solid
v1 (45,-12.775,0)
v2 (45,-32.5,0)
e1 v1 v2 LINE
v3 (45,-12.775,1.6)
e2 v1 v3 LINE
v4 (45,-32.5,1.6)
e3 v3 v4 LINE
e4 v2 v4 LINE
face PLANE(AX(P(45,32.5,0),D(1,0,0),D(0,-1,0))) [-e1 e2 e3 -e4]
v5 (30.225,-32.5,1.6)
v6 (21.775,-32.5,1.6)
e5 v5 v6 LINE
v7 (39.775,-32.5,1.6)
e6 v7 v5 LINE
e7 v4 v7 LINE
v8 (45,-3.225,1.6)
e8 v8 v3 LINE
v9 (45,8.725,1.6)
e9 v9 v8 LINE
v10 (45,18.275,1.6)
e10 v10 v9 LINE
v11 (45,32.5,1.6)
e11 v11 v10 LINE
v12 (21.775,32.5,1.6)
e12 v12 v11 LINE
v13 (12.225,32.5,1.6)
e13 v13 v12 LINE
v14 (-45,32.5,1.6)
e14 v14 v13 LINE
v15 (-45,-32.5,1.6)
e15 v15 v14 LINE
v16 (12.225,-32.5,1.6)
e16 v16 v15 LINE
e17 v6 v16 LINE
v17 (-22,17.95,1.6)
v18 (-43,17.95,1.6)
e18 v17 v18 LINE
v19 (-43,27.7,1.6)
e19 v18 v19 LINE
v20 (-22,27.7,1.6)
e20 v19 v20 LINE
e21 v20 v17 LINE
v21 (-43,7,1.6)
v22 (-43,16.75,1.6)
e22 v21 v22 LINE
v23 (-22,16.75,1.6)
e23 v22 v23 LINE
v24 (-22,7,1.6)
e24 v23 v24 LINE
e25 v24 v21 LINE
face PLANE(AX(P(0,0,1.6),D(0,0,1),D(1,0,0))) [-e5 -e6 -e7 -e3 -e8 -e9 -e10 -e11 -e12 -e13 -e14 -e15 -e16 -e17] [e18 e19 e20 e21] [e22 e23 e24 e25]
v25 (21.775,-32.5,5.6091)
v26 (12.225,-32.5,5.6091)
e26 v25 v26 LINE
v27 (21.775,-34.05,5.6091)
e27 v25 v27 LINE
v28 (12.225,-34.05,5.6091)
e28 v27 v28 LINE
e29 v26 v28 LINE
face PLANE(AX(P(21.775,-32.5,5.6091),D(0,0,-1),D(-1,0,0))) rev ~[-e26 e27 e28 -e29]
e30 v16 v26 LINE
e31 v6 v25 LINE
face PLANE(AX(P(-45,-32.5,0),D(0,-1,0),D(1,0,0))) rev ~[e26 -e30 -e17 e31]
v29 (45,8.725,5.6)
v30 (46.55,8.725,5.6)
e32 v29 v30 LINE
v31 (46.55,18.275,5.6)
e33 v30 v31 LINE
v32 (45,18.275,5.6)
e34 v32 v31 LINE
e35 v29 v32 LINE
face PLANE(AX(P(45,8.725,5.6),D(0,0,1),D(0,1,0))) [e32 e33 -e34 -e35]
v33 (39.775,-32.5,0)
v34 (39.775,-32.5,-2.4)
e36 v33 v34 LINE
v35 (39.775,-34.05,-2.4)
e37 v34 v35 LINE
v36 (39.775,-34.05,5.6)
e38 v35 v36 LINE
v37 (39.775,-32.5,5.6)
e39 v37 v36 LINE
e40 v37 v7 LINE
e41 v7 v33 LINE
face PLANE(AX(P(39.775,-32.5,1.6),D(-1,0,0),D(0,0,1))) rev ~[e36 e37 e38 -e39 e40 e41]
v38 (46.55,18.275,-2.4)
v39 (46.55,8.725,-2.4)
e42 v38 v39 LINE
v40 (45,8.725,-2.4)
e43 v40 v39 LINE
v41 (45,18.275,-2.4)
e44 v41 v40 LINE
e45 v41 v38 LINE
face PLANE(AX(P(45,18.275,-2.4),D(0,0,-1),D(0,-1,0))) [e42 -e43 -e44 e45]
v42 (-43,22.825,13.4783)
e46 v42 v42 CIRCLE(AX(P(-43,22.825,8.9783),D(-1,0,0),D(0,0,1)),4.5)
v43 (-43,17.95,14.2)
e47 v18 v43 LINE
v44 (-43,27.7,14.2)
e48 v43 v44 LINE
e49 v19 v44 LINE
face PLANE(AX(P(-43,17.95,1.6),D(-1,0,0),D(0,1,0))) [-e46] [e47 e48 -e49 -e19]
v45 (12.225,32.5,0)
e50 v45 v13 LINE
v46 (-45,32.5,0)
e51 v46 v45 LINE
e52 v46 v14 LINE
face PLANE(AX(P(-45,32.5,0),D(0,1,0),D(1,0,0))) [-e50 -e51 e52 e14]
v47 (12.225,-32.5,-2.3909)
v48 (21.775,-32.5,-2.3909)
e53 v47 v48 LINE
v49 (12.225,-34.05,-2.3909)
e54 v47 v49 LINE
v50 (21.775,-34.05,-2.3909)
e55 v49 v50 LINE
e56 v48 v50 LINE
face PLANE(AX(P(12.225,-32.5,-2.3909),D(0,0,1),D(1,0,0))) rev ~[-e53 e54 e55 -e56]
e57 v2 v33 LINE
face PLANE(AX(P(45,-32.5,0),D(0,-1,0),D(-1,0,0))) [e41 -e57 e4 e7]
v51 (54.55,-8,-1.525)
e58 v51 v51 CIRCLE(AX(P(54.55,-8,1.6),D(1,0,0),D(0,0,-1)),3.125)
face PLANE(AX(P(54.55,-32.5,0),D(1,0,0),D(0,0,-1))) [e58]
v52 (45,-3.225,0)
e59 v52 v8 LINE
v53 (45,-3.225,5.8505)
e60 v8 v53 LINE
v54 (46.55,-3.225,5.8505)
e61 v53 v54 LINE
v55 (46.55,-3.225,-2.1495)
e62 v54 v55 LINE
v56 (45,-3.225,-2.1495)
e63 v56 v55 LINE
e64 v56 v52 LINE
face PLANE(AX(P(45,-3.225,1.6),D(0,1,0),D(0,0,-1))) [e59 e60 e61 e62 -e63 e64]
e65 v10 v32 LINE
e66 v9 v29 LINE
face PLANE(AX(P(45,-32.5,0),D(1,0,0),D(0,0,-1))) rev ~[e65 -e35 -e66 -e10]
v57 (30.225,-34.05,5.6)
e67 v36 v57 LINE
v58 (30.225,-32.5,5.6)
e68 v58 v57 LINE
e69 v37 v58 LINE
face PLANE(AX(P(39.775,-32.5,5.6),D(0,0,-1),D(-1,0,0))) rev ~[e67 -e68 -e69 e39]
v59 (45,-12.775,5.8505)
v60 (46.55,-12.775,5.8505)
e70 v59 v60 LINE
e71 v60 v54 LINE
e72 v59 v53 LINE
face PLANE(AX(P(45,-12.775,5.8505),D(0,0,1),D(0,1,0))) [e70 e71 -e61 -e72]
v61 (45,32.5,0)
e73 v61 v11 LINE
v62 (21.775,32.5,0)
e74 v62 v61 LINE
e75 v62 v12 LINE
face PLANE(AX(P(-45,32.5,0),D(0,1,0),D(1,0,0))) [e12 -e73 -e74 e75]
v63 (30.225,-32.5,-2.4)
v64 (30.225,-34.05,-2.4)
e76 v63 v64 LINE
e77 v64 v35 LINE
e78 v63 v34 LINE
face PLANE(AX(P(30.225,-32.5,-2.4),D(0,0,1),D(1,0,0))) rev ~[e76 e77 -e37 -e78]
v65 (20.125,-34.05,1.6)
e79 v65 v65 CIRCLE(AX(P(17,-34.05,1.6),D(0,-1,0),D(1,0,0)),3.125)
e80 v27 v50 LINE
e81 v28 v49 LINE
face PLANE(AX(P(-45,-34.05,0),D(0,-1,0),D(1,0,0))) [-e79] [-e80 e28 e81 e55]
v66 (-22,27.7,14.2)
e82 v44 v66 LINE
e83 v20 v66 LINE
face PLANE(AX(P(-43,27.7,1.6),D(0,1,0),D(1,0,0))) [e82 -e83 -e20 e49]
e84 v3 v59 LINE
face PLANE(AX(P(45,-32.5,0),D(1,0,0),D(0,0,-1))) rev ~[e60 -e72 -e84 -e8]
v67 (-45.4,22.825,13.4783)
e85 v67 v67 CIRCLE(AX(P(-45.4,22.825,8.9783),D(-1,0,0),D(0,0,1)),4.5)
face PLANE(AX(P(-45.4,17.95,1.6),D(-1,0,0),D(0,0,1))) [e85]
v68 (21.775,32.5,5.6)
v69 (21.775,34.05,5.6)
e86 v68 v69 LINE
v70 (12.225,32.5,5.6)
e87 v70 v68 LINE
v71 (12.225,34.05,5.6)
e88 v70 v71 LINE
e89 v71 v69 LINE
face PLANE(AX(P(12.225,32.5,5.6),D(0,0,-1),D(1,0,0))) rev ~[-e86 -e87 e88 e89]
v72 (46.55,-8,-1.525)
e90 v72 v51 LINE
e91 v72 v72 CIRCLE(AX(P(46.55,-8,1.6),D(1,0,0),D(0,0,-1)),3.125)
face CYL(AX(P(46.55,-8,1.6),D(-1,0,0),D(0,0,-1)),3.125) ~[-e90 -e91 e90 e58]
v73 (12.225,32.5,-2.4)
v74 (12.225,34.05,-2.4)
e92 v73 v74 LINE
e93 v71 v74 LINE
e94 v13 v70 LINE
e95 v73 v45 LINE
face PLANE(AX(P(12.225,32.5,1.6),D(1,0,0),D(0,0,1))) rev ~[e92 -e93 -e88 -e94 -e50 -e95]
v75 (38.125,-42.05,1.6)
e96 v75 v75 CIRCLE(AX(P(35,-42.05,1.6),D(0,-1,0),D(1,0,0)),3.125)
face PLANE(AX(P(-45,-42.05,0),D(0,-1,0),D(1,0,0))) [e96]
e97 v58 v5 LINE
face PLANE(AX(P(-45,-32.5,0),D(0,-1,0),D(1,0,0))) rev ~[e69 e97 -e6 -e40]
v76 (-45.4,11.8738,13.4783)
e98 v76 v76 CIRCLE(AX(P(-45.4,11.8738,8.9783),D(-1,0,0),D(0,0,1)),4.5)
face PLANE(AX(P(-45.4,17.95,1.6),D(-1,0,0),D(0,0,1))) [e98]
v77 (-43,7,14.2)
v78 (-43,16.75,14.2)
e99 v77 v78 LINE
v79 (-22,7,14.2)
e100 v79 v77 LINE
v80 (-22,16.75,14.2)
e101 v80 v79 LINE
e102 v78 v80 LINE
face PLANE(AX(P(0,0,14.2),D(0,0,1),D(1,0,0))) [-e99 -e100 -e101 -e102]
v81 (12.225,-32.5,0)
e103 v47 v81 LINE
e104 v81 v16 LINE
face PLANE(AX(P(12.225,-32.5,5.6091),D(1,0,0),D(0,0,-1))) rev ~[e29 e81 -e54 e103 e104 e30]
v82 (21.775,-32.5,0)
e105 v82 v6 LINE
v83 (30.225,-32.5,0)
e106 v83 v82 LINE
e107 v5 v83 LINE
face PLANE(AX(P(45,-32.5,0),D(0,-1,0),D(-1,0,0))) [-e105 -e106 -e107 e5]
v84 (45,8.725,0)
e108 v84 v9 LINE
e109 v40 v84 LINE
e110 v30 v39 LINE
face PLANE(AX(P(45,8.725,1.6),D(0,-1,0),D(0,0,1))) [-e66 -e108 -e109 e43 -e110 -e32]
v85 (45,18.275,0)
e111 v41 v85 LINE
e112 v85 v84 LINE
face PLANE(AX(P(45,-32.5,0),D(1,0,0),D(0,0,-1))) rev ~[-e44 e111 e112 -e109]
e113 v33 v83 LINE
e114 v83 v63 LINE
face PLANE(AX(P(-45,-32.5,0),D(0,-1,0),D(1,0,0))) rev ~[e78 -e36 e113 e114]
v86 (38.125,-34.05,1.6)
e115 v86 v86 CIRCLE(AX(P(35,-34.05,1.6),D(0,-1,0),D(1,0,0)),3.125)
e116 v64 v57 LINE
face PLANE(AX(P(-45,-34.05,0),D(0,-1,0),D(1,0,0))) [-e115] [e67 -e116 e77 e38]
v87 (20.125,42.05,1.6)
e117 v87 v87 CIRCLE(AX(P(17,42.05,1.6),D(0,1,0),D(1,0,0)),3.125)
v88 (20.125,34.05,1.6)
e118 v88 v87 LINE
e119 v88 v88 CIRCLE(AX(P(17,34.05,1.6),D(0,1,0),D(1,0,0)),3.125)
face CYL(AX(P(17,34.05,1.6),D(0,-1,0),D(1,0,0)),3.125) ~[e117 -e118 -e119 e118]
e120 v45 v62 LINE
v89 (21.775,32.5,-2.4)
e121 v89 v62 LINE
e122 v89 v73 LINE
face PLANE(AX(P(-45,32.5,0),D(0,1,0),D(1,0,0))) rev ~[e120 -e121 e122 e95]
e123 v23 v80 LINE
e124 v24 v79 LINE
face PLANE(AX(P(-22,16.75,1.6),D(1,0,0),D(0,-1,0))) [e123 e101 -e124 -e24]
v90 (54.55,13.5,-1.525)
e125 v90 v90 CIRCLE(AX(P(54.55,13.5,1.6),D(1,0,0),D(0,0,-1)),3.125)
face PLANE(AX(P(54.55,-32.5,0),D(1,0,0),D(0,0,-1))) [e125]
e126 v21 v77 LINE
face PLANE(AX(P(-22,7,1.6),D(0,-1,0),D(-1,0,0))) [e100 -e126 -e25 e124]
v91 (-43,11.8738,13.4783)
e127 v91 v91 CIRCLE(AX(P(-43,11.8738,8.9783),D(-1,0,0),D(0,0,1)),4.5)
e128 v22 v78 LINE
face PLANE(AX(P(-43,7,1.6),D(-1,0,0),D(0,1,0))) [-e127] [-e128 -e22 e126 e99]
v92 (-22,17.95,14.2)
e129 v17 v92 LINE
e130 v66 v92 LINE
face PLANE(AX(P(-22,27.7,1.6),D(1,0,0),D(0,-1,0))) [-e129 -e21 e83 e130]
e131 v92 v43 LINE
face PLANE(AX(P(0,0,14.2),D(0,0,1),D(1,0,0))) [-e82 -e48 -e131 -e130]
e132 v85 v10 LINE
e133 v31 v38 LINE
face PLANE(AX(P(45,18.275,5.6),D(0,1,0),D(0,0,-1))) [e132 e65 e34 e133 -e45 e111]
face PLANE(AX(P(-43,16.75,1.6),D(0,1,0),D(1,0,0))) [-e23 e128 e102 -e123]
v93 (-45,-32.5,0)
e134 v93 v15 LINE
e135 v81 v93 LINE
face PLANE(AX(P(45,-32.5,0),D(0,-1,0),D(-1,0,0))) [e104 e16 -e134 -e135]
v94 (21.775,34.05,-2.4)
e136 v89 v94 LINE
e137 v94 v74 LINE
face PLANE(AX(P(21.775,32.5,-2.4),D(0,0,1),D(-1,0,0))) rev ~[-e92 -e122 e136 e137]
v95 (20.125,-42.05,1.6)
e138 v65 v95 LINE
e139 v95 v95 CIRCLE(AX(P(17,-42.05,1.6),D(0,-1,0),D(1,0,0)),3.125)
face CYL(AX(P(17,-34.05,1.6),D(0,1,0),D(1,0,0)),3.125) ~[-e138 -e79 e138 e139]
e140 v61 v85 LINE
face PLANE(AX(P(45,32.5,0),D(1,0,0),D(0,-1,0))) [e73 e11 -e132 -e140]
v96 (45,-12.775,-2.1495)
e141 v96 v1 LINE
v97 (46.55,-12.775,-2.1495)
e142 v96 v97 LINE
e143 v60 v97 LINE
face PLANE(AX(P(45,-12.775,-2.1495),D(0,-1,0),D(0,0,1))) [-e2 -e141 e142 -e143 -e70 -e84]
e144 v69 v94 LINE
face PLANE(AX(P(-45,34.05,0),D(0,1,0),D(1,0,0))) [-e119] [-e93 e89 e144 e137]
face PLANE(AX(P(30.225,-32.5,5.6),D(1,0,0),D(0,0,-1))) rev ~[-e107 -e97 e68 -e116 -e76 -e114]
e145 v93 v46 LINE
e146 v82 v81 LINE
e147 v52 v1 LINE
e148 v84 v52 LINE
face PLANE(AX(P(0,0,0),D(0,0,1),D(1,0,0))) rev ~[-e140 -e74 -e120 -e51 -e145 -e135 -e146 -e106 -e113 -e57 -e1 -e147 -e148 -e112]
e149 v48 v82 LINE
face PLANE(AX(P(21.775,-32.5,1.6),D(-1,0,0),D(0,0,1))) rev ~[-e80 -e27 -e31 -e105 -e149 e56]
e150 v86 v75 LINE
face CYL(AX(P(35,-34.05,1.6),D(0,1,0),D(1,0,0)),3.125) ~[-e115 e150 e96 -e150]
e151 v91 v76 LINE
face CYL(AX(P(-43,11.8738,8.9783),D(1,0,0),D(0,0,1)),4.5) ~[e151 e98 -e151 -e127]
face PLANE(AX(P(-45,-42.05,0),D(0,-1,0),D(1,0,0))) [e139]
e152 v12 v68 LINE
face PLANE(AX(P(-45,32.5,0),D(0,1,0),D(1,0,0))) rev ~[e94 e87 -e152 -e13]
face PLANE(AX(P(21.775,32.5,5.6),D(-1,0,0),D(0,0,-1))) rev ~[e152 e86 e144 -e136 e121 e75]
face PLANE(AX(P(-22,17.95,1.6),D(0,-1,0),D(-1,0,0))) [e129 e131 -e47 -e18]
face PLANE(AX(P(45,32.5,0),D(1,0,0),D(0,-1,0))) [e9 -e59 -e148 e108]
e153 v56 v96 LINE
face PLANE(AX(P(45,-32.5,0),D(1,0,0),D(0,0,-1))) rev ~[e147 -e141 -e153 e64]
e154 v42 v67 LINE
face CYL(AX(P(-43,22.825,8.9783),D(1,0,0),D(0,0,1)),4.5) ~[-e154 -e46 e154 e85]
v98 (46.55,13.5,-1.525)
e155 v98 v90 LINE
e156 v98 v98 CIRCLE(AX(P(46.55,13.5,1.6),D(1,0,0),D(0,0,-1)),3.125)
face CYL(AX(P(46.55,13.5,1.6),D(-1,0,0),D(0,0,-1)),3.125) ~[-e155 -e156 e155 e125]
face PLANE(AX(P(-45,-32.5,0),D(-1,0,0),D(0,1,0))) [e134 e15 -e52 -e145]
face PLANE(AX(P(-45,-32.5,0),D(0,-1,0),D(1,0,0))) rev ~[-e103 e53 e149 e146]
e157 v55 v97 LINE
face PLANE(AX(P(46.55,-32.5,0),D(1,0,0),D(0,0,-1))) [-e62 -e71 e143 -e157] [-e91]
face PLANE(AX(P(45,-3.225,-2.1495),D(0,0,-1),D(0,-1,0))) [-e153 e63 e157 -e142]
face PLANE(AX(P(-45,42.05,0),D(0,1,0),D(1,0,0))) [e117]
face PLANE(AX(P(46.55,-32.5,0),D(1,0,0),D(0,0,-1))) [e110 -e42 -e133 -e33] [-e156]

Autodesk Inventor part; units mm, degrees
ref_plane "YZ Plane" through (0, 0, 0) normal (1, 0, 0) x (0, 1, 0)
ref_plane "XZ Plane" through (0, 0, 0) normal (0, 1, 0) x (-1, 0, 0)
ref_plane "XY Plane" through (0, 0, 0) normal (0, 0, 1) x (1, 0, 0)
sketch "Sketch1" plane through (0, 0, 0) normal (0, 0, 1) x (1, 0, 0)
  line L0 (-45, 32.5) -> (45, 32.5)
  line L1 (45, 32.5) -> (45, -32.5)
  line L2 (45, -32.5) -> (-45, -32.5)
  line L3 (-45, -32.5) -> (-45, 32.5)
  line L4 (-45, 32.5) -> (45, -32.5) construction
  line L5 (45, 32.5) -> (-45, -32.5) construction
  point P0 (0, 0)
  dimension "d0" = 90
  dimension "d1" = 65
extrude "Extrusion1" add sketch "Sketch1" along normal blind 1.6
sketch "Sketch2" plane through (0, 0, 1.6) normal (0, 0, 1) x (1, 0, 0)
  point P0 (0, 0)
sketch "Sketch3" plane through (-45, 32.5, 0) normal (0, 1, 0) x (1, 0, 0)
  point P0 (45, 0)
sketch "Sketch4" plane through (-45, 32.5, 0) normal (0, 1, 0) x (1, 0, 0)
  line L0 (57.225, -5.6) -> (66.775, -5.6)
  line L1 (66.775, -5.6) -> (66.775, 2.4)
  line L2 (66.775, 2.4) -> (57.225, 2.4)
  line L3 (57.225, 2.4) -> (57.225, -5.6)
  line L4 (90, -1.6) -> (0, -1.6) projected
  line L5 (57.225, -5.6) -> (66.775, 2.4) construction
  line L6 (66.775, -5.6) -> (57.225, 2.4) construction
  point P0 (45, 0)
  point P1 (62, -1.6)
  dimension "d4" = 9.55
  dimension "d5" = 8
  dimension "d8" = 62
extrude "Extrusion2" add sketch "Sketch4" along normal blind 1.55
sketch "Sketch5" plane through (45, -32.5, 0) normal (1, 0, 0) x (0, 0, -1)
  line L0 (-5.6, 50.775) -> (2.4, 50.775)
  line L1 (2.4, 50.775) -> (2.4, 41.225)
  line L2 (2.4, 41.225) -> (-5.6, 41.225)
  line L3 (-5.6, 41.225) -> (-5.6, 50.775)
  line L4 (-1.6, 0) -> (-1.6, 65) projected
  line L5 (-5.6, 50.775) -> (2.4, 41.225) construction
  line L6 (2.4, 50.775) -> (-5.6, 41.225) construction
  line L7 (-5.8505, 29.275) -> (2.1495, 29.275)
  line L8 (2.1495, 29.275) -> (2.1495, 19.725)
  line L9 (2.1495, 19.725) -> (-5.8505, 19.725)
  line L10 (-5.8505, 19.725) -> (-5.8505, 29.275)
  line L11 (-5.8505, 29.275) -> (2.1495, 19.725) construction
  line L12 (2.1495, 29.275) -> (-5.8505, 19.725) construction
  point P0 (0, 32.5)
  point P1 (-1.6, 46)
  point P2 (-1.8505, 24.5)
  dimension "d9" = 9.55
  dimension "d10" = 8
  dimension "d11" = 19
  dimension "d12" = 24.5
extrude "Extrusion3" add sketch "Sketch5" along normal blind 1.55
sketch "Sketch6" plane through (-45, -32.5, 0) normal (0, -1, 0) x (1, 0, 0)
  line L0 (66.775, 5.6091) -> (57.225, 5.6091)
  line L1 (57.225, 5.6091) -> (57.225, -2.3909)
  line L2 (57.225, -2.3909) -> (66.775, -2.3909)
  line L3 (66.775, -2.3909) -> (66.775, 5.6091)
  line L4 (66.775, 5.6091) -> (57.225, -2.3909) construction
  line L5 (57.225, 5.6091) -> (66.775, -2.3909) construction
  line L6 (84.775, 5.6) -> (75.225, 5.6)
  line L7 (75.225, 5.6) -> (75.225, -2.4)
  line L8 (75.225, -2.4) -> (84.775, -2.4)
  line L9 (84.775, -2.4) -> (84.775, 5.6)
  line L10 (0, 1.6) -> (90, 1.6) projected
  line L11 (84.775, 5.6) -> (75.225, -2.4) construction
  line L12 (75.225, 5.6) -> (84.775, -2.4) construction
  point P0 (45, 0)
  point P1 (62, 1.6091)
  point P2 (80, 1.6)
  dimension "d15" = 10
  dimension "d16" = 28
  dimension "d17" = 8
  dimension "d18" = 9.55
extrude "Extrusion4" add sketch "Sketch6" along normal blind 1.55
sketch "Sketch7" plane through (0, 0, 1.6) normal (0, 0, 1) x (1, 0, 0)
  line L0 (-43, 27.7) -> (-22, 27.7)
  line L1 (-22, 27.7) -> (-22, 17.95)
  line L2 (-22, 17.95) -> (-43, 17.95)
  line L3 (-43, 17.95) -> (-43, 27.7)
  line L4 (-43, 27.7) -> (-22, 17.95) construction
  line L5 (-22, 27.7) -> (-43, 17.95) construction
  line L6 (-43, 16.75) -> (-22, 16.75)
  line L7 (-22, 16.75) -> (-22, 7)
  line L8 (-22, 7) -> (-43, 7)
  line L9 (-43, 7) -> (-43, 16.75)
  line L10 (-43, 16.75) -> (-22, 7) construction
  line L11 (-22, 16.75) -> (-43, 7) construction
  line L12 (12.225, 32.5) -> (-45, 32.5) projected
  line L13 (-45, 32.5) -> (-45, -32.5) projected
  point P0 (0, 0)
  point P1 (-32.5, 22.825)
  point P2 (-32.5, 11.875)
  dimension "d21" = 21
  dimension "d22" = 9.75
  dimension "d23" = 25.5
  dimension "d24" = 4.8
  dimension "d25" = 2
extrude "Extrusion5" add sketch "Sketch7" along normal blind 12.6
sketch "Sketch8" plane through (-43, 17.95, 1.6) normal (-1, 0, 0) x (0, 0, 1)
  circle A0 centre (7.3783, 4.875) radius 4.5
  circle A1 centre (7.3783, -6.0762) radius 4.5
  point P0 (-1.6, -17.95)
  dimension "d28" = 9
extrude "Extrusion6" add sketch "Sketch8" along normal blind 2.4
sketch "Sketch9" plane through (-45, -34.05, 0) normal (0, -1, 0) x (1, 0, 0)
  line L0 (66.775, 5.6091) -> (57.225, 5.6091) construction
  line L1 (62, 5.6091) -> (62, -2.3909) construction
  line L2 (57.225, -2.3909) -> (66.775, -2.3909) construction
  line L3 (57.225, 1.6) -> (66.775, 1.6) construction
  line L4 (57.225, 1.6) -> (66.775, 1.6) construction
  line L5 (84.775, 5.6) -> (75.225, 5.6) construction
  line L6 (80, 5.6) -> (80, -3.4898) construction
  line L7 (75.225, 0) -> (75.225, 1.6) construction
  line L8 (75.225, 1.6) -> (84.775, 1.6) construction
  line L9 (75.225, 1.6) -> (84.775, 1.6) construction
  circle A0 centre (62, 1.6) radius 3.125
  circle A1 centre (80, 1.6) radius 3.125
  point P0 (45, 0)
  dimension "d31" = 6.25
extrude "Extrusion7" add sketch "Sketch9" along normal blind 8
sketch "Sketch10" plane through (46.55, -32.5, 0) normal (1, 0, 0) x (0, 0, -1)
  line L0 (-5.6, 50.775) -> (-5.6, 41.225) construction
  line L1 (-5.6, 46) -> (2.4, 46) construction
  line L2 (2.4, 41.225) -> (2.4, 50.775) construction
  line L3 (-5.8505, 29.275) -> (-5.8505, 19.725) construction
  line L4 (-5.8505, 24.5) -> (2.1495, 24.5) construction
  line L5 (2.1495, 29.275) -> (2.1495, 19.725) construction
  line L6 (-1.6, 50.775) -> (0, 50.775) construction
  line L7 (-1.6, 39.5) -> (-1.6, 49.25) construction
  line L8 (-1.6, 50.775) -> (-1.6, 39.5) construction
  line L9 (-1.6, 65) -> (-1.6, 0) construction
  line L10 (-1.6, 29.275) -> (-1.6, 19.725) construction
  circle A0 centre (-1.6, 46) radius 3.125
  circle A1 centre (-1.6, 24.5) radius 3.125
  point P0 (0, 32.5)
  dimension "d34" = 6.25
extrude "Extrusion8" add sketch "Sketch10" along normal blind 8
sketch "Sketch11" plane through (-45, 34.05, 0) normal (0, 1, 0) x (1, 0, 0)
  line L0 (66.775, -5.6091) -> (57.225, -5.6091) construction
  line L1 (62, -5.6091) -> (62, 2.3909) construction
  line L2 (57.225, 2.3909) -> (66.775, 2.3909) construction
  line L3 (57.225, -1.6) -> (66.775, -1.6) construction
  line L4 (57.225, -1.6) -> (66.775, -1.6) construction
  circle A0 centre (62, -1.6) radius 3.125
  point P0 (45, 0)
  dimension "d37" = 6.25
extrude "Extrusion9" add sketch "Sketch11" along normal blind 8
properties part number "ADF41020-EVB"
